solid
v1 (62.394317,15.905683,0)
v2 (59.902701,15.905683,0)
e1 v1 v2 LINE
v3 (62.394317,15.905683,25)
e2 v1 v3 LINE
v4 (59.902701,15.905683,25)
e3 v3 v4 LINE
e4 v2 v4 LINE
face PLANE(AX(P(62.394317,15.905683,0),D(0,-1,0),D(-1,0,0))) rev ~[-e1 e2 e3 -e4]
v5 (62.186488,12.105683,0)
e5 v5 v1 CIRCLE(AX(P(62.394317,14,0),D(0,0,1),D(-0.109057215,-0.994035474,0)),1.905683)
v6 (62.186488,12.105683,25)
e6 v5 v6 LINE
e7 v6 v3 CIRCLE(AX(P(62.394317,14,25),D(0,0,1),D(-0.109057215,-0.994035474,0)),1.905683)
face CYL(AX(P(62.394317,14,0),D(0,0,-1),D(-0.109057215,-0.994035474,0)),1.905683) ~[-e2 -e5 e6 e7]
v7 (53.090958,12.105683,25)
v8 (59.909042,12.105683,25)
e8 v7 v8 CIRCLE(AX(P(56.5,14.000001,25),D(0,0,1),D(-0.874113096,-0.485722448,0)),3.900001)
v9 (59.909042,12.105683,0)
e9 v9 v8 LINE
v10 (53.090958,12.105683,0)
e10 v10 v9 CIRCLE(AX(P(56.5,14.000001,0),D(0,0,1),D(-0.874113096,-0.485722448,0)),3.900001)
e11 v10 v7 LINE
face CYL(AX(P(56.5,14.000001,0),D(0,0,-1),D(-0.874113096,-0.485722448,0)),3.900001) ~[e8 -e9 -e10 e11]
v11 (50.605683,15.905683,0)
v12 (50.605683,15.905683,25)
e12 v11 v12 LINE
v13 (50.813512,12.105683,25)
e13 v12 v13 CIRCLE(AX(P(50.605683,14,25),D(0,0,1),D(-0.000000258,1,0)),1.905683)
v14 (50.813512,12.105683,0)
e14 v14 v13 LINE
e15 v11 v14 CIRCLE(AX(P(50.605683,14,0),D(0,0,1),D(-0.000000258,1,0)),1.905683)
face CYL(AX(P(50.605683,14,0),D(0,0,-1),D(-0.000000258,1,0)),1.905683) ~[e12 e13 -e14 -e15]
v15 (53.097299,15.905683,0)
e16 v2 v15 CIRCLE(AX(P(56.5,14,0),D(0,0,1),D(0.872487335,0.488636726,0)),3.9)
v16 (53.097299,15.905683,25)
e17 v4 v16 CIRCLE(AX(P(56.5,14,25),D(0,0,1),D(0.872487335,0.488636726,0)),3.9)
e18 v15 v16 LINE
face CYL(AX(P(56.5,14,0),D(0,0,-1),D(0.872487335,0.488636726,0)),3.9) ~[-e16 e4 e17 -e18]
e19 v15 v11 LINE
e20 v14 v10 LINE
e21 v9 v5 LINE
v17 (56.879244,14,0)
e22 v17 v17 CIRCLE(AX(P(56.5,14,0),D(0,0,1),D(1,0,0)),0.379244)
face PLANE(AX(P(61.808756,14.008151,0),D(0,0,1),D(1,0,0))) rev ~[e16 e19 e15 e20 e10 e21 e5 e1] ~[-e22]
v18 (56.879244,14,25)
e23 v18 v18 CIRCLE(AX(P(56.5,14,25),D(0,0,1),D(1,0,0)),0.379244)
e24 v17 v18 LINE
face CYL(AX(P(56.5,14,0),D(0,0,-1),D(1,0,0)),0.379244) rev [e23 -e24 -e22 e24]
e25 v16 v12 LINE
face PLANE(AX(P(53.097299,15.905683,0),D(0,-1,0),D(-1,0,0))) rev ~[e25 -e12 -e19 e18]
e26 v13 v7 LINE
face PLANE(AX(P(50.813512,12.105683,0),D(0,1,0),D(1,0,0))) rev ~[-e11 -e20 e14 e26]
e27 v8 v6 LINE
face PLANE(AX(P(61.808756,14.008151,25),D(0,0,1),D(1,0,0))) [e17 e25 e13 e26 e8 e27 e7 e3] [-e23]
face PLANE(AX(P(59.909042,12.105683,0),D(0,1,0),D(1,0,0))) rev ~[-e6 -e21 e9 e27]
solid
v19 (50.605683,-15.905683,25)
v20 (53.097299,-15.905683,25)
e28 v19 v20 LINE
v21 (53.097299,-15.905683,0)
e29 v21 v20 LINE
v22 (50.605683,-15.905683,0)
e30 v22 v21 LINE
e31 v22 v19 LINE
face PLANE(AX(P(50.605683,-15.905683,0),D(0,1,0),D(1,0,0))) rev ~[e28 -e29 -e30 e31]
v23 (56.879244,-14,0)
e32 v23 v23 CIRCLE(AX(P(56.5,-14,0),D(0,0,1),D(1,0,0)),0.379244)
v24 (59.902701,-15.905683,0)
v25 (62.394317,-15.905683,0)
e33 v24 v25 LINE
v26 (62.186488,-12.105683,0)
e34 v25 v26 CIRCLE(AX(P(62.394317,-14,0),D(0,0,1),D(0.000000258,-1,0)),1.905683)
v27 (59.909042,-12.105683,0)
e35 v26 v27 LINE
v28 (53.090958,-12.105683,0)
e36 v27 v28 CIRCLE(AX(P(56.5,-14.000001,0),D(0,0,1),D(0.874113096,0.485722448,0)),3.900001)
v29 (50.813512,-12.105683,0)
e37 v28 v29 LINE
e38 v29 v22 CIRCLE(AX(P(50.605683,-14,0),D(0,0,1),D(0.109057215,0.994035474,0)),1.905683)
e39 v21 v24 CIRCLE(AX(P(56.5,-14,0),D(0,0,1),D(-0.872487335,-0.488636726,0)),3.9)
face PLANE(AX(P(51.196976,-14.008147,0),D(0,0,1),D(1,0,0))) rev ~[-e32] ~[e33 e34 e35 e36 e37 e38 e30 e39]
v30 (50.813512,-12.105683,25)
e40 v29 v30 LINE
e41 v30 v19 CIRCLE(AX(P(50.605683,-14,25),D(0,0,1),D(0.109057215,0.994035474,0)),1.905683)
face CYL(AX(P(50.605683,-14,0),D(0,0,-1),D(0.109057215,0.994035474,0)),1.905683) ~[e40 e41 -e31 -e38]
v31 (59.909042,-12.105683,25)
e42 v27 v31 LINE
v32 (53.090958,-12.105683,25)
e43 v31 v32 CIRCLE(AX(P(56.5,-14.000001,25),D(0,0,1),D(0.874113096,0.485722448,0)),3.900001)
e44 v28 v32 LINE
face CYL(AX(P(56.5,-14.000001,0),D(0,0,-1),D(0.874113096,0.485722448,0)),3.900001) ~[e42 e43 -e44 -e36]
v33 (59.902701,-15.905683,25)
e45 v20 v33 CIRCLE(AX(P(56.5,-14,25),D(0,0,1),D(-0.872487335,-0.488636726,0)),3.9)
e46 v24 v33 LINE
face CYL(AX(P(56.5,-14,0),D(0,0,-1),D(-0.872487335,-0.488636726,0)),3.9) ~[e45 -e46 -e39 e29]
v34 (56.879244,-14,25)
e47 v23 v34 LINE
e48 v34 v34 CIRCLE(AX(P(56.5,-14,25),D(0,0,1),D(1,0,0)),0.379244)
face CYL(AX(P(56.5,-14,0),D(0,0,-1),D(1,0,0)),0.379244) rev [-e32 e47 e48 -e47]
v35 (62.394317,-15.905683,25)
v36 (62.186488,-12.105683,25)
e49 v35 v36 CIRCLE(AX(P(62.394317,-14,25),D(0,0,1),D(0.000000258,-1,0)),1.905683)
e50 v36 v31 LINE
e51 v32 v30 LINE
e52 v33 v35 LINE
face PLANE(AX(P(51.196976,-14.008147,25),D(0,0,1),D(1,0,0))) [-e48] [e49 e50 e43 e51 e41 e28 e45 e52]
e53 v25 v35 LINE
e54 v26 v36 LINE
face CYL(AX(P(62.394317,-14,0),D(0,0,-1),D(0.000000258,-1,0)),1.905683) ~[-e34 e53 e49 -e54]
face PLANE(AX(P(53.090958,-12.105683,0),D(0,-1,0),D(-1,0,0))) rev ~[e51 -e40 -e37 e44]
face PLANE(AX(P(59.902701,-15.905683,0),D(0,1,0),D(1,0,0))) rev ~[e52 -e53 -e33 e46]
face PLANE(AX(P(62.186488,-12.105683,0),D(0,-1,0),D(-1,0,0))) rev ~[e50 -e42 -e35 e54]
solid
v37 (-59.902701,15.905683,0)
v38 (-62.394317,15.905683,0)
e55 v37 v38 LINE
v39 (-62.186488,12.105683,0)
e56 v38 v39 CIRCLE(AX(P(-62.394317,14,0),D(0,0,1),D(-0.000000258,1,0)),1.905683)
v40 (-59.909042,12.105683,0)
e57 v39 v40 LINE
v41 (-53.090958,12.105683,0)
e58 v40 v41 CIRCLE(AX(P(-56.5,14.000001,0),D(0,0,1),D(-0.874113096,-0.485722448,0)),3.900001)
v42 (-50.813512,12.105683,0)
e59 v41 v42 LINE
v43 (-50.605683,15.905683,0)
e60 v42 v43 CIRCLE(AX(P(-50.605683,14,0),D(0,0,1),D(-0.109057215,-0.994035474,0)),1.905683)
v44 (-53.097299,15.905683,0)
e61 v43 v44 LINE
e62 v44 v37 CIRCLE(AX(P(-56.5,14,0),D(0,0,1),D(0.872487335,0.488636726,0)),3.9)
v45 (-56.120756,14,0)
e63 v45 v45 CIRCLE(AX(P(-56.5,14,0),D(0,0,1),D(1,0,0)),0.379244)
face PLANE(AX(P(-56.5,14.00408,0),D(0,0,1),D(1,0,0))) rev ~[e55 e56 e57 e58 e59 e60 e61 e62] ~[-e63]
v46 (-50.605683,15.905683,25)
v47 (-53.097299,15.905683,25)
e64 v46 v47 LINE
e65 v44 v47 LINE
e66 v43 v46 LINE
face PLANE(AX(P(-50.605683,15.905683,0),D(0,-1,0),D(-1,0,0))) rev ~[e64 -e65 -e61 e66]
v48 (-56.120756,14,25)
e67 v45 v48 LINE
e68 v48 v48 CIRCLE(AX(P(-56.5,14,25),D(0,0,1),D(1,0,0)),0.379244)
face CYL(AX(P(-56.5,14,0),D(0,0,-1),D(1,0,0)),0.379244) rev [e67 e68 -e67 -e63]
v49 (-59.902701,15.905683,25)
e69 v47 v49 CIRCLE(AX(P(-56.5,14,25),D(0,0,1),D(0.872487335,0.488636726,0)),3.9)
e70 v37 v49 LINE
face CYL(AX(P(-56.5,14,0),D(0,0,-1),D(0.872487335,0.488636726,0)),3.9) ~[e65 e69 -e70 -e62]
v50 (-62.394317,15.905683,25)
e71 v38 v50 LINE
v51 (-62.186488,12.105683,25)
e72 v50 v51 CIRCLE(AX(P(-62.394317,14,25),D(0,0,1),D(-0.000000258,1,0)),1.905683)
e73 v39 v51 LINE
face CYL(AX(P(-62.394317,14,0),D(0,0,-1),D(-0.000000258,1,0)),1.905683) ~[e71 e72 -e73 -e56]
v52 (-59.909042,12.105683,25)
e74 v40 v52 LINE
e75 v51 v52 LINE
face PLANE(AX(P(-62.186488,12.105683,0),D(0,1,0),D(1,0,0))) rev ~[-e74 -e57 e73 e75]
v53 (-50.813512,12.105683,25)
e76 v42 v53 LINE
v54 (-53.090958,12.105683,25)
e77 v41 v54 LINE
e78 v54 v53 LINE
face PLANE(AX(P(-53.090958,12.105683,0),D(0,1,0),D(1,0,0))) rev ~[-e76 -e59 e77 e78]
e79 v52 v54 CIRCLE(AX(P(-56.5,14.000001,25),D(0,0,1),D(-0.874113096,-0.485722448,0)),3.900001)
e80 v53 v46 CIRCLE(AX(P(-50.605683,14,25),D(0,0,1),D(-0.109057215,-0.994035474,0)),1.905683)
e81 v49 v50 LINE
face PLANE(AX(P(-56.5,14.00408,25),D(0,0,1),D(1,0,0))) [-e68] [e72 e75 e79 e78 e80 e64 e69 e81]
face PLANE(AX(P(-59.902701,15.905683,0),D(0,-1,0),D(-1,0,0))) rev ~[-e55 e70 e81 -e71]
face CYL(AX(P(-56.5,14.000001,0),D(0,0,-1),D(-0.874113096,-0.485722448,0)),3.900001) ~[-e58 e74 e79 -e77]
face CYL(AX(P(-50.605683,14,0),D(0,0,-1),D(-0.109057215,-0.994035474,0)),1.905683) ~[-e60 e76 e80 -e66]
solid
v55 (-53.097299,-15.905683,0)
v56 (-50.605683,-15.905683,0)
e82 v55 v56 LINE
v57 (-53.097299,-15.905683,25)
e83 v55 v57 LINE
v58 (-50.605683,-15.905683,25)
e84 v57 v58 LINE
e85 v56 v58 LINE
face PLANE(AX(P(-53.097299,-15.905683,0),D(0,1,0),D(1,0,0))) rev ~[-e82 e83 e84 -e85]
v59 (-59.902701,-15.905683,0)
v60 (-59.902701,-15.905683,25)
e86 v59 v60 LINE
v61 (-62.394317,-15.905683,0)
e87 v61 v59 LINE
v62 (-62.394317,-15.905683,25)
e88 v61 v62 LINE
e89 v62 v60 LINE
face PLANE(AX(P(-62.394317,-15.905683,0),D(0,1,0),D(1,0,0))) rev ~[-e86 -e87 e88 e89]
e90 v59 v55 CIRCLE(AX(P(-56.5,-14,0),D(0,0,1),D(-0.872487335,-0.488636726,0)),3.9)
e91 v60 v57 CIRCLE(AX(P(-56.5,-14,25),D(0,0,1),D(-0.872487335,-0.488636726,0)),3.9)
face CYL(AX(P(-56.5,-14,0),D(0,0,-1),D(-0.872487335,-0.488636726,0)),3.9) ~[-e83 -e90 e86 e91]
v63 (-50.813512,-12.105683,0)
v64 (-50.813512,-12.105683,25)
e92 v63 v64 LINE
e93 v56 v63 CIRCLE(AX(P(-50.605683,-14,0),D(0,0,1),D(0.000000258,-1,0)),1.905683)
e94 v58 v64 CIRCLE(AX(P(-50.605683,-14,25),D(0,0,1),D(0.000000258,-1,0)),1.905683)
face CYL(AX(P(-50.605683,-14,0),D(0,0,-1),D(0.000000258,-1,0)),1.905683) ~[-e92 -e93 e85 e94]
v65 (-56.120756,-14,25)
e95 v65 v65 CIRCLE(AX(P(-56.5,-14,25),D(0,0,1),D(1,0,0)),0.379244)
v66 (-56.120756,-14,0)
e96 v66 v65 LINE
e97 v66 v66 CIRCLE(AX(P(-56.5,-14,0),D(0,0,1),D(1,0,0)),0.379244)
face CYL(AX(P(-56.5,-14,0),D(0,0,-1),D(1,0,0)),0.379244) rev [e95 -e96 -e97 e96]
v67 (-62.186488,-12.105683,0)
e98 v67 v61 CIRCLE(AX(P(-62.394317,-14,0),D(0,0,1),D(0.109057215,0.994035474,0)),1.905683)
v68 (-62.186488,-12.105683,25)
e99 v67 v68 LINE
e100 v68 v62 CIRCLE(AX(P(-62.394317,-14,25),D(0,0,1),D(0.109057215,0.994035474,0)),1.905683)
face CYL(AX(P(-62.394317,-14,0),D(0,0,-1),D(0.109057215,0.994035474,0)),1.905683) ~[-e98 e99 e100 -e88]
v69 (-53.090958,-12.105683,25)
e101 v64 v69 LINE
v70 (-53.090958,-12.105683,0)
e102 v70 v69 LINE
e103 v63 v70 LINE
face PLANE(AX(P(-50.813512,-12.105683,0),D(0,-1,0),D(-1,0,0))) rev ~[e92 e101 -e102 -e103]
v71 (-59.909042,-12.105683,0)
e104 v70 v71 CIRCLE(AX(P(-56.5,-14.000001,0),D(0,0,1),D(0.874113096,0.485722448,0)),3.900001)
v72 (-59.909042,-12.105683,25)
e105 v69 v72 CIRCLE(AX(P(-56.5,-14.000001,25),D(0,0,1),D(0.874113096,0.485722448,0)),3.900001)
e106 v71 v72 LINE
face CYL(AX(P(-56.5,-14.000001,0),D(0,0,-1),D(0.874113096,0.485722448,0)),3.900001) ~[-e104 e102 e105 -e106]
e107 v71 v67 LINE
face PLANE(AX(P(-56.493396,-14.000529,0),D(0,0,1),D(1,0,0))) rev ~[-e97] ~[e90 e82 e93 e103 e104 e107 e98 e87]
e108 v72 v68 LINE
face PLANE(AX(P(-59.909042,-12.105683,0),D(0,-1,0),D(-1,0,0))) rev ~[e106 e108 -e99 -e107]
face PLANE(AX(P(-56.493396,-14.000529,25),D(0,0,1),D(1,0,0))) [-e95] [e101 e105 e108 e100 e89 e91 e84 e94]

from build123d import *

# Parameters (mm, degrees)
F0_R     = 0.379244
F1_DEPTH = 25


with BuildPart() as f1:
    # F0 (on Top) → F1 (new body)
    with BuildSketch(Plane.XY):
        with BuildLine():
            Line((-50.605683, 15.905683), (-53.097299, 15.905683))
            ThreePointArc((-53.097299, 15.905683), (-56.5, 17.9), (-59.902701, 15.905683))
            Line((-59.902701, 15.905683), (-62.394317, 15.905683))
            ThreePointArc((-62.394317, 15.905683), (-64.297156, 13.89593), (-62.186488, 12.105683))
            Line((-62.186488, 12.105683), (-59.909042, 12.105683))
            ThreePointArc((-59.909042, 12.105683), (-56.5, 10.1), (-53.090958, 12.105683))
            Line((-53.090958, 12.105683), (-50.813512, 12.105683))
            ThreePointArc((-50.813512, 12.105683), (-48.702844, 13.89593), (-50.605683, 15.905683))
        make_face()
        with Locations((-56.5, 14)):
            Circle(F0_R, mode=Mode.SUBTRACT)
        with BuildLine():
            ThreePointArc((-53.090958, -12.105683), (-56.5, -10.1), (-59.909042, -12.105683))
            ThreePointArc((-59.909042, -12.105683), (-60.399995, -14.006508), (-59.902701, -15.905683))
            ThreePointArc((-59.902701, -15.905683), (-56.5, -17.9), (-53.097299, -15.905683))
            ThreePointArc((-53.097299, -15.905683), (-52.726372, -14.984751), (-52.6, -14))
            ThreePointArc((-52.6, -14), (-52.724734, -13.021548), (-53.090958, -12.105683))
        make_face()
        with Locations((-56.5, -14)):
            Circle(F0_R, mode=Mode.SUBTRACT)
        with BuildLine():
            Line((-50.813512, -12.105683), (-53.090958, -12.105683))
            ThreePointArc((-53.090958, -12.105683), (-52.724734, -13.021548), (-52.6, -14))
            ThreePointArc((-52.6, -14), (-52.726372, -14.984751), (-53.097299, -15.905683))
            Line((-53.097299, -15.905683), (-50.605683, -15.905683))
            ThreePointArc((-50.605683, -15.905683), (-48.702844, -13.89593), (-50.813512, -12.105683))
        make_face()
        with BuildLine():
            ThreePointArc((-59.902701, -15.905683), (-60.399995, -14.006508), (-59.909042, -12.105683))
            Line((-59.909042, -12.105683), (-62.186488, -12.105683))
            ThreePointArc((-62.186488, -12.105683), (-64.297156, -13.89593), (-62.394317, -15.905683))
            Line((-62.394317, -15.905683), (-59.902701, -15.905683))
        make_face()
        with BuildLine():
            ThreePointArc((53.097299, -15.905683), (52.600005, -14.006508), (53.090958, -12.105683))
            Line((53.090958, -12.105683), (50.813512, -12.105683))
            ThreePointArc((50.813512, -12.105683), (48.702844, -13.89593), (50.605683, -15.905683))
            Line((50.605683, -15.905683), (53.097299, -15.905683))
        make_face()
        with BuildLine():
            ThreePointArc((59.909042, -12.105683), (56.5, -10.1), (53.090958, -12.105683))
            ThreePointArc((53.090958, -12.105683), (52.600005, -14.006508), (53.097299, -15.905683))
            ThreePointArc((53.097299, -15.905683), (56.5, -17.9), (59.902701, -15.905683))
            ThreePointArc((59.902701, -15.905683), (60.273628, -14.984751), (60.4, -14))
            ThreePointArc((60.4, -14), (60.275266, -13.021548), (59.909042, -12.105683))
        make_face()
        with Locations((56.5, -14)):
            Circle(F0_R, mode=Mode.SUBTRACT)
        with BuildLine():
            Line((62.186488, -12.105683), (59.909042, -12.105683))
            ThreePointArc((59.909042, -12.105683), (60.275266, -13.021548), (60.4, -14))
            ThreePointArc((60.4, -14), (60.273628, -14.984751), (59.902701, -15.905683))
            Line((59.902701, -15.905683), (62.394317, -15.905683))
            ThreePointArc((62.394317, -15.905683), (64.297156, -13.89593), (62.186488, -12.105683))
        make_face()
        with BuildLine():
            Line((62.394317, 15.905683), (59.902701, 15.905683))
            ThreePointArc((59.902701, 15.905683), (60.273628, 14.984751), (60.4, 14))
            ThreePointArc((60.4, 14), (60.275266, 13.021548), (59.909042, 12.105683))
            Line((59.909042, 12.105683), (62.186488, 12.105683))
            ThreePointArc((62.186488, 12.105683), (64.297156, 13.89593), (62.394317, 15.905683))
        make_face()
        with BuildLine():
            ThreePointArc((59.902701, 15.905683), (56.5, 17.9), (53.097299, 15.905683))
            ThreePointArc((53.097299, 15.905683), (52.600005, 14.006508), (53.090958, 12.105683))
            ThreePointArc((53.090958, 12.105683), (56.5, 10.1), (59.909042, 12.105683))
            ThreePointArc((59.909042, 12.105683), (60.275266, 13.021548), (60.4, 14))
            ThreePointArc((60.4, 14), (60.273628, 14.984751), (59.902701, 15.905683))
        make_face()
        with Locations((56.5, 14)):
            Circle(F0_R, mode=Mode.SUBTRACT)
        with BuildLine():
            ThreePointArc((53.090958, 12.105683), (52.600005, 14.006508), (53.097299, 15.905683))
            Line((53.097299, 15.905683), (50.605683, 15.905683))
            ThreePointArc((50.605683, 15.905683), (48.702844, 13.89593), (50.813512, 12.105683))
            Line((50.813512, 12.105683), (53.090958, 12.105683))
        make_face()
    extrude(amount=F1_DEPTH)


solid = f1.part
